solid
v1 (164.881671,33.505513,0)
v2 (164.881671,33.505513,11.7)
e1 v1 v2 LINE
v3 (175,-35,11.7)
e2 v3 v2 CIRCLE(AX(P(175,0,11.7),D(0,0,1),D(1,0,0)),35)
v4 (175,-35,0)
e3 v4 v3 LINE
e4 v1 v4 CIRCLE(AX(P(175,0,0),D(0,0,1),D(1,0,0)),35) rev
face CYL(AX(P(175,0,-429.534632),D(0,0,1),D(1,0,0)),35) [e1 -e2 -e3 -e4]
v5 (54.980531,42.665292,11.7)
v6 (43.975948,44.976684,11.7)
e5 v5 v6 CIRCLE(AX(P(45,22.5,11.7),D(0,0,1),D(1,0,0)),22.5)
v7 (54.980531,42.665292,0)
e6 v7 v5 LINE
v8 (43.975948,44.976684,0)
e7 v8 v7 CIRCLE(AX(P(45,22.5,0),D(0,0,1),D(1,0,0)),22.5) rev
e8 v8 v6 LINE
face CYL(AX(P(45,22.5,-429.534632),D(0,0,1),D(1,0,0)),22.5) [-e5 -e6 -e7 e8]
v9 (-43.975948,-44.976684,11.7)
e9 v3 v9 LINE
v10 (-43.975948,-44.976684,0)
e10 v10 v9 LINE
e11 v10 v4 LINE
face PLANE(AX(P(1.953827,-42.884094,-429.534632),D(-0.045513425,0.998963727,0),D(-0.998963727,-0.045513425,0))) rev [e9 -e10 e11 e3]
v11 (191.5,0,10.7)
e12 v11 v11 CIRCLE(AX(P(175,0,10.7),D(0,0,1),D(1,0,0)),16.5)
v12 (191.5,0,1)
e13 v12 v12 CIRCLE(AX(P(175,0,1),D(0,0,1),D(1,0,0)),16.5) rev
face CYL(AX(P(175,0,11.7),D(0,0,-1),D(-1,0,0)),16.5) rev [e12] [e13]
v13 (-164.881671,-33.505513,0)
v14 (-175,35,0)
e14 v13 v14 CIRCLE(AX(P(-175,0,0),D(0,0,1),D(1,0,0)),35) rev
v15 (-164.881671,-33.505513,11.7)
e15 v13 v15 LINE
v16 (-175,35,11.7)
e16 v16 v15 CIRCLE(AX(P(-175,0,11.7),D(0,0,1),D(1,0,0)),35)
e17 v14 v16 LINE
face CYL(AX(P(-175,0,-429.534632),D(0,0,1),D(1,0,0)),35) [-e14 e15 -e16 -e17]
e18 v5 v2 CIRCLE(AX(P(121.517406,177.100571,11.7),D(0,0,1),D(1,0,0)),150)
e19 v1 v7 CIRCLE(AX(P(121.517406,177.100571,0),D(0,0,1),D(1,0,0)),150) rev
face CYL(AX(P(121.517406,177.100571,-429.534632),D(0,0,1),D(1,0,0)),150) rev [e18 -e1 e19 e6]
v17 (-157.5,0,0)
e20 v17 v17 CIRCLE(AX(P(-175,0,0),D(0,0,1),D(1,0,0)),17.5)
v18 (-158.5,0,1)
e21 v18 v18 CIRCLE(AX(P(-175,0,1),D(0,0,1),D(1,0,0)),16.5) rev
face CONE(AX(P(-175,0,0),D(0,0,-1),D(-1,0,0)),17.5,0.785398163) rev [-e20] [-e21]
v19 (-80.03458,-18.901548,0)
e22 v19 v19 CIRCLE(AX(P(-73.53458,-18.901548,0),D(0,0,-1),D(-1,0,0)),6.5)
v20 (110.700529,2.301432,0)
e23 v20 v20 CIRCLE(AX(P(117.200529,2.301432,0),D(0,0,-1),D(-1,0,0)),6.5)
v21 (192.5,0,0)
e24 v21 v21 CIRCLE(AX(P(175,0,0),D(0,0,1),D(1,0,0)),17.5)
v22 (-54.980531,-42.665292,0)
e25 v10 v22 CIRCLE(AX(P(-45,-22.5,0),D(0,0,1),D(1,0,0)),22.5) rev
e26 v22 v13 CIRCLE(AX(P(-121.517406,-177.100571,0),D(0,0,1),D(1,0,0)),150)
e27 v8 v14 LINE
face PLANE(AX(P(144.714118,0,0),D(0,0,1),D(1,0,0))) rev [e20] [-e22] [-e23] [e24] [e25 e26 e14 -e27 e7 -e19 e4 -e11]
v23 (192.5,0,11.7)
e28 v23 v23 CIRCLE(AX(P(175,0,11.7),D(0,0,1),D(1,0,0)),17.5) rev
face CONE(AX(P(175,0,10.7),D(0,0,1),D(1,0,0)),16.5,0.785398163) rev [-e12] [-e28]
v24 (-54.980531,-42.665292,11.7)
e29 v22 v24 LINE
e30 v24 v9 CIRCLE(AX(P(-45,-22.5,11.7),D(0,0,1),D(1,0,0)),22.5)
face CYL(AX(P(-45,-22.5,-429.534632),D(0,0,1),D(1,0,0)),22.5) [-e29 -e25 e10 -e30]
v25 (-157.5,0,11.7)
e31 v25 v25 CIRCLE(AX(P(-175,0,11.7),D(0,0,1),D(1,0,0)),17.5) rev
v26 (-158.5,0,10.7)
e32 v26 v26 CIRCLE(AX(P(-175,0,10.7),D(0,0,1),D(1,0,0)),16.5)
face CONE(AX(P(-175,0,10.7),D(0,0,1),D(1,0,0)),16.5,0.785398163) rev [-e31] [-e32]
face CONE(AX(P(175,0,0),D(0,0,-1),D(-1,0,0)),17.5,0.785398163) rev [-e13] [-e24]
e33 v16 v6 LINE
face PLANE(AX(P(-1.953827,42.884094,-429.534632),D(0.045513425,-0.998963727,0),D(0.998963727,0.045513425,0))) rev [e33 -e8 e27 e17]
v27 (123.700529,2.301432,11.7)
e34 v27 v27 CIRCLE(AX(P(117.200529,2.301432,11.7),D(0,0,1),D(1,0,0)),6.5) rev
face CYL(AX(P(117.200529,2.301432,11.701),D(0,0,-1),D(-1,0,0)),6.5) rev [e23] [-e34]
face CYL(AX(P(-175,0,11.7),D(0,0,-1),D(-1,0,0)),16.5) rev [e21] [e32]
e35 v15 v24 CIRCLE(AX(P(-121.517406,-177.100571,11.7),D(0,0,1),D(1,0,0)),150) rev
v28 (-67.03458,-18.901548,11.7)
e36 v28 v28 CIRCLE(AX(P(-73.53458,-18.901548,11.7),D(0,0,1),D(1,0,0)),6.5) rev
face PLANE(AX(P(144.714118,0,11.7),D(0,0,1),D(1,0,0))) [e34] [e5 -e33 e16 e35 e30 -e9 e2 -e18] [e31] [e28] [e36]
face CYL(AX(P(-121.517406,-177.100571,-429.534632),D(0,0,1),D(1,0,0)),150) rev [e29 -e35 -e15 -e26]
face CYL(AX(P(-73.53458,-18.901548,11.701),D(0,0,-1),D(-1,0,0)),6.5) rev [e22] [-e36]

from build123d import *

# Parameters (mm, degrees)
CROQUIS1_R              = 16.5
SALIENTE_EXTRUIR1_DEPTH = 11.7
SALIENTE_EXTRUIR6_START = -11.7
CROQUIS9_R              = 16.5
SALIENTE_EXTRUIR6_DEPTH = 11.7
SALIENTE_EXTRUIR5_START = -11.7
CROQUIS8_R              = 35
CROQUIS8_R_2            = 16.5
CROQUIS8_R_3            = 22.5
SALIENTE_EXTRUIR5_DEPTH = 11.7
CHAFL_N1_SIZE           = 1
CORTAR_EXTRUIR7_REACH   = 217.086
CROQUIS19_R             = 6.5


with BuildPart() as part:
    # Croquis1 → Saliente-Extruir1 (new body)
    with BuildSketch(Plane.XY):
        with BuildLine():
            Line((-197.5, 25), (197.5, 25))
            ThreePointArc((197.5, 25), (203.120875688, 0), (197.5, -25))
            Line((197.5, -25), (-197.5, -25))
            ThreePointArc((-197.5, -25), (-203.120875688, 0), (-197.5, 25))
        make_face()
        with Locations((-175, 0)):
            Circle(CROQUIS1_R, mode=Mode.SUBTRACT)
        with Locations((175, 0)):
            Circle(CROQUIS1_R, mode=Mode.SUBTRACT)
    extrude(amount=SALIENTE_EXTRUIR1_DEPTH)

    # Croquis9 → Saliente-Extruir6 (add)
    # profile 1 of 17: a face of its own
    with BuildSketch(Plane.XY.offset(11.7).offset(SALIENTE_EXTRUIR6_START)):
        with BuildLine():
            ThreePointArc((-140, 0), (-142.732978058, 13.558735008), (-150.505102572, 25))
            Line((-150.505102572, 25), (-197.5, 25))
            ThreePointArc((-197.5, 25), (-203.120875688, 0), (-197.5, -25))
            Line((-197.5, -25), (-150.505102572, -25))
            ThreePointArc((-150.505102572, -25), (-142.732978058, -13.558735008), (-140, 0))
        make_face()
        with Locations((-175, 0)):
            Circle(CROQUIS9_R, mode=Mode.SUBTRACT)
    # profile 2 of 17: a face of its own
    with BuildSketch(Plane.XY.offset(11.7).offset(SALIENTE_EXTRUIR6_START)):
        with BuildLine():
            ThreePointArc((-150.505102572, 25), (-161.771243445, 32.403703492), (-175, 35))
            ThreePointArc((-175, 35), (-209.624362587, -5.114050788), (-164.881671498, -33.505513402))
            ThreePointArc((-164.881671498, -33.505513402), (-157.178530031, -30.123001313), (-150.505102572, -25))
            Line((-150.505102572, -25), (-197.5, -25))
            ThreePointArc((-197.5, -25), (-203.120875688, 0), (-197.5, 25))
            Line((-197.5, 25), (-150.505102572, 25))
        make_face()
    # profile 3 of 17: a face of its own
    with BuildSketch(Plane.XY.offset(11.7).offset(SALIENTE_EXTRUIR6_START)):
        with BuildLine():
            Line((43.975947947, 44.976683861), (-175, 35))
            ThreePointArc((-175, 35), (-161.771243445, 32.403703492), (-150.505102572, 25))
            Line((-150.505102572, 25), (22.639320225, 25))
            ThreePointArc((22.639320225, 25), (29.62214595, 38.92472541), (43.975947947, 44.976683861))
        make_face()
    # profile 4 of 17: a face of its own
    with BuildSketch(Plane.XY.offset(11.7).offset(SALIENTE_EXTRUIR6_START)):
        with BuildLine():
            Line((22.639320225, 25), (-150.505102572, 25))
            ThreePointArc((-150.505102572, 25), (-142.732978058, 13.558735008), (-140, 0))
            ThreePointArc((-140, 0), (-142.732978058, -13.558735008), (-150.505102572, -25))
            Line((-150.505102572, -25), (-67.360679775, -25))
            ThreePointArc((-67.360679775, -25), (-46.251939508, -0.034857057), (-22.5, -22.5))
            ThreePointArc((-22.5, -22.5), (-22.534857057, -23.751939508), (-22.639320225, -25))
            Line((-22.639320225, -25), (150.505102572, -25))
            ThreePointArc((150.505102572, -25), (140, 0), (150.505102572, 25))
            Line((150.505102572, 25), (67.360679775, 25))
            ThreePointArc((67.360679775, 25), (67.465142943, 23.751939508), (67.5, 22.5))
            ThreePointArc((67.5, 22.5), (43.748060492, 0.034857057), (22.639320225, 25))
        make_face()
    # profile 5 of 17: a face of its own
    with BuildSketch(Plane.XY.offset(11.7).offset(SALIENTE_EXTRUIR6_START)):
        with BuildLine():
            ThreePointArc((-150.505102572, -25), (-157.178530031, -30.123001313), (-164.881671498, -33.505513402))
            ThreePointArc((-164.881671498, -33.505513402), (-109.058760851, -27.618859086), (-54.980531281, -42.665291849))
            ThreePointArc((-54.980531281, -42.665291849), (-63.425637497, -35.413012152), (-67.360679775, -25))
            Line((-67.360679775, -25), (-150.505102572, -25))
        make_face()
    # profile 6 of 17: a face of its own
    with BuildSketch(Plane.XY.offset(11.7).offset(SALIENTE_EXTRUIR6_START)):
        with BuildLine():
            ThreePointArc((-67.360679775, -25), (-63.425637497, -35.413012152), (-54.980531281, -42.665291849))
            ThreePointArc((-54.980531281, -42.665291849), (-49.624960897, -44.519530801), (-43.975947947, -44.976683861))
            ThreePointArc((-43.975947947, -44.976683861), (-29.62214595, -38.92472541), (-22.639320225, -25))
            Line((-22.639320225, -25), (-67.360679775, -25))
        make_face()
    # profile 7 of 17: a face of its own
    with BuildSketch(Plane.XY.offset(11.7).offset(SALIENTE_EXTRUIR6_START)):
        with BuildLine():
            ThreePointArc((-22.5, -22.5), (-46.251939508, -0.034857057), (-67.360679775, -25))
            Line((-67.360679775, -25), (-22.639320225, -25))
            ThreePointArc((-22.639320225, -25), (-22.534857057, -23.751939508), (-22.5, -22.5))
        make_face()
    # profile 8 of 17: a face of its own
    with BuildSketch(Plane.XY.offset(11.7).offset(SALIENTE_EXTRUIR6_START)):
        with BuildLine():
            ThreePointArc((-67.360679775, -25), (-63.425637497, -35.413012152), (-54.980531281, -42.665291849))
            ThreePointArc((-54.980531281, -42.665291849), (-49.624960897, -44.519530801), (-43.975947947, -44.976683861))
            ThreePointArc((-43.975947947, -44.976683861), (-29.62214595, -38.92472541), (-22.639320225, -25))
            Line((-22.639320225, -25), (-67.360679775, -25))
        make_face()
    # profile 9 of 17: a face of its own
    with BuildSketch(Plane.XY.offset(11.7).offset(SALIENTE_EXTRUIR6_START)):
        with BuildLine():
            ThreePointArc((-22.5, -22.5), (-46.251939508, -0.034857057), (-67.360679775, -25))
            Line((-67.360679775, -25), (-22.639320225, -25))
            ThreePointArc((-22.639320225, -25), (-22.534857057, -23.751939508), (-22.5, -22.5))
        make_face()
    # profile 10 of 17: a face of its own
    with BuildSketch(Plane.XY.offset(11.7).offset(SALIENTE_EXTRUIR6_START)):
        with BuildLine():
            ThreePointArc((54.980531281, 42.665291849), (49.624960897, 44.519530801), (43.975947947, 44.976683861))
            ThreePointArc((43.975947947, 44.976683861), (29.62214595, 38.92472541), (22.639320225, 25))
            Line((22.639320225, 25), (67.360679775, 25))
            ThreePointArc((67.360679775, 25), (63.425637497, 35.413012152), (54.980531281, 42.665291849))
        make_face()
    # profile 11 of 17: a face of its own
    with BuildSketch(Plane.XY.offset(11.7).offset(SALIENTE_EXTRUIR6_START)):
        with BuildLine():
            Line((67.360679775, 25), (22.639320225, 25))
            ThreePointArc((22.639320225, 25), (43.748060492, 0.034857057), (67.5, 22.5))
            ThreePointArc((67.5, 22.5), (67.465142943, 23.751939508), (67.360679775, 25))
        make_face()
    # profile 12 of 17: a face of its own
    with BuildSketch(Plane.XY.offset(11.7).offset(SALIENTE_EXTRUIR6_START)):
        with BuildLine():
            ThreePointArc((54.980531281, 42.665291849), (49.624960897, 44.519530801), (43.975947947, 44.976683861))
            ThreePointArc((43.975947947, 44.976683861), (29.62214595, 38.92472541), (22.639320225, 25))
            Line((22.639320225, 25), (67.360679775, 25))
            ThreePointArc((67.360679775, 25), (63.425637497, 35.413012152), (54.980531281, 42.665291849))
        make_face()
    # profile 13 of 17: a face of its own
    with BuildSketch(Plane.XY.offset(11.7).offset(SALIENTE_EXTRUIR6_START)):
        with BuildLine():
            Line((67.360679775, 25), (22.639320225, 25))
            ThreePointArc((22.639320225, 25), (43.748060492, 0.034857057), (67.5, 22.5))
            ThreePointArc((67.5, 22.5), (67.465142943, 23.751939508), (67.360679775, 25))
        make_face()
    # profile 14 of 17: a face of its own
    with BuildSketch(Plane.XY.offset(11.7).offset(SALIENTE_EXTRUIR6_START)):
        with BuildLine():
            ThreePointArc((164.881671498, 33.505513402), (109.058760851, 27.618859086), (54.980531281, 42.665291849))
            ThreePointArc((54.980531281, 42.665291849), (63.425637497, 35.413012152), (67.360679775, 25))
            Line((67.360679775, 25), (150.505102572, 25))
            ThreePointArc((150.505102572, 25), (157.178530031, 30.123001313), (164.881671498, 33.505513402))
        make_face()
    # profile 15 of 17: a face of its own
    with BuildSketch(Plane.XY.offset(11.7).offset(SALIENTE_EXTRUIR6_START)):
        with BuildLine():
            ThreePointArc((-22.639320225, -25), (-29.62214595, -38.92472541), (-43.975947947, -44.976683861))
            Line((-43.975947947, -44.976683861), (175, -35))
            ThreePointArc((175, -35), (161.771243445, -32.403703492), (150.505102572, -25))
            Line((150.505102572, -25), (-22.639320225, -25))
        make_face()
    # profile 16 of 17: a face of its own
    with BuildSketch(Plane.XY.offset(11.7).offset(SALIENTE_EXTRUIR6_START)):
        with BuildLine():
            ThreePointArc((210, 0), (195.866941588, 28.099301571), (164.881671498, 33.505513402))
            ThreePointArc((164.881671498, 33.505513402), (157.178530031, 30.123001313), (150.505102572, 25))
            Line((150.505102572, 25), (197.5, 25))
            ThreePointArc((197.5, 25), (203.120875688, 0), (197.5, -25))
            Line((197.5, -25), (150.505102572, -25))
            ThreePointArc((150.505102572, -25), (161.771243445, -32.403703492), (175, -35))
            ThreePointArc((175, -35), (199.748737342, -24.748737342), (210, 0))
        make_face()
    # profile 17 of 17: a face of its own
    with BuildSketch(Plane.XY.offset(11.7).offset(SALIENTE_EXTRUIR6_START)):
        with BuildLine():
            Line((197.5, 25), (150.505102572, 25))
            ThreePointArc((150.505102572, 25), (140, 0), (150.505102572, -25))
            Line((150.505102572, -25), (197.5, -25))
            ThreePointArc((197.5, -25), (203.120875688, 0), (197.5, 25))
        make_face()
        with Locations((175, 0)):
            Circle(CROQUIS9_R, mode=Mode.SUBTRACT)
    extrude(amount=SALIENTE_EXTRUIR6_DEPTH)

    # Croquis8 → Saliente-Extruir5 (add)
    # profile 1 of 4: a face of its own
    with BuildSketch(Plane.XY.offset(11.7).offset(SALIENTE_EXTRUIR5_START)):
        with Locations((-175, 0)):
            Circle(CROQUIS8_R)
        with Locations((-175, 0)):
            Circle(CROQUIS8_R_2, mode=Mode.SUBTRACT)
    # profile 2 of 4: a face of its own
    with BuildSketch(Plane.XY.offset(11.7).offset(SALIENTE_EXTRUIR5_START)):
        with Locations((175, 0)):
            Circle(CROQUIS8_R)
        with Locations((175, 0)):
            Circle(CROQUIS8_R_2, mode=Mode.SUBTRACT)
    # profile 3 of 4: a face of its own
    with BuildSketch(Plane.XY.offset(11.7).offset(SALIENTE_EXTRUIR5_START)):
        with Locations((45, 22.5)):
            Circle(CROQUIS8_R_3)
    # profile 4 of 4: a face of its own
    with BuildSketch(Plane.XY.offset(11.7).offset(SALIENTE_EXTRUIR5_START)):
        with Locations((-45, -22.5)):
            Circle(CROQUIS8_R_3)
    extrude(amount=SALIENTE_EXTRUIR5_DEPTH)

    # Chaflán1
    chafl_n1_edges = [part.edges().sort_by_distance(p)[0] for p in [
        (-191.5, 0, 0),
        (-191.5, 0, 11.7),
        (158.5, 0, 0),
        (158.5, 0, 11.7),
    ]]
    chamfer(chafl_n1_edges, length=CHAFL_N1_SIZE)

    # Croquis19 → Cortar-Extruir7 (cut, up to next)
    with BuildSketch(Plane(origin=(0, 0, 0), x_dir=(-1, 0, 0), z_dir=(0, 0, -1)), mode=Mode.PRIVATE) as cortar_extruir7_sk1:
        with Locations((73.534579942, -18.901548417)):
            Circle(CROQUIS19_R)
    cortar_extruir7_tool1 = extrude(cortar_extruir7_sk1.sketch, amount=-CORTAR_EXTRUIR7_REACH, mode=Mode.PRIVATE) & part.part
    # Croquis19 → Cortar-Extruir7 (cut, up to next)
    with BuildSketch(Plane(origin=(0, 0, 0), x_dir=(-1, 0, 0), z_dir=(0, 0, -1)), mode=Mode.PRIVATE) as cortar_extruir7_sk2:
        with Locations((-117.200528877, 2.301431648)):
            Circle(CROQUIS19_R)
    cortar_extruir7_tool2 = extrude(cortar_extruir7_sk2.sketch, amount=-CORTAR_EXTRUIR7_REACH, mode=Mode.PRIVATE) & part.part
    add(cortar_extruir7_tool1.solids().sort_by_distance((-73.53458, -18.901548, 0))[0], mode=Mode.SUBTRACT)
    add(cortar_extruir7_tool2.solids().sort_by_distance((117.200529, 2.301432, 0))[0], mode=Mode.SUBTRACT)


solid = part.part
